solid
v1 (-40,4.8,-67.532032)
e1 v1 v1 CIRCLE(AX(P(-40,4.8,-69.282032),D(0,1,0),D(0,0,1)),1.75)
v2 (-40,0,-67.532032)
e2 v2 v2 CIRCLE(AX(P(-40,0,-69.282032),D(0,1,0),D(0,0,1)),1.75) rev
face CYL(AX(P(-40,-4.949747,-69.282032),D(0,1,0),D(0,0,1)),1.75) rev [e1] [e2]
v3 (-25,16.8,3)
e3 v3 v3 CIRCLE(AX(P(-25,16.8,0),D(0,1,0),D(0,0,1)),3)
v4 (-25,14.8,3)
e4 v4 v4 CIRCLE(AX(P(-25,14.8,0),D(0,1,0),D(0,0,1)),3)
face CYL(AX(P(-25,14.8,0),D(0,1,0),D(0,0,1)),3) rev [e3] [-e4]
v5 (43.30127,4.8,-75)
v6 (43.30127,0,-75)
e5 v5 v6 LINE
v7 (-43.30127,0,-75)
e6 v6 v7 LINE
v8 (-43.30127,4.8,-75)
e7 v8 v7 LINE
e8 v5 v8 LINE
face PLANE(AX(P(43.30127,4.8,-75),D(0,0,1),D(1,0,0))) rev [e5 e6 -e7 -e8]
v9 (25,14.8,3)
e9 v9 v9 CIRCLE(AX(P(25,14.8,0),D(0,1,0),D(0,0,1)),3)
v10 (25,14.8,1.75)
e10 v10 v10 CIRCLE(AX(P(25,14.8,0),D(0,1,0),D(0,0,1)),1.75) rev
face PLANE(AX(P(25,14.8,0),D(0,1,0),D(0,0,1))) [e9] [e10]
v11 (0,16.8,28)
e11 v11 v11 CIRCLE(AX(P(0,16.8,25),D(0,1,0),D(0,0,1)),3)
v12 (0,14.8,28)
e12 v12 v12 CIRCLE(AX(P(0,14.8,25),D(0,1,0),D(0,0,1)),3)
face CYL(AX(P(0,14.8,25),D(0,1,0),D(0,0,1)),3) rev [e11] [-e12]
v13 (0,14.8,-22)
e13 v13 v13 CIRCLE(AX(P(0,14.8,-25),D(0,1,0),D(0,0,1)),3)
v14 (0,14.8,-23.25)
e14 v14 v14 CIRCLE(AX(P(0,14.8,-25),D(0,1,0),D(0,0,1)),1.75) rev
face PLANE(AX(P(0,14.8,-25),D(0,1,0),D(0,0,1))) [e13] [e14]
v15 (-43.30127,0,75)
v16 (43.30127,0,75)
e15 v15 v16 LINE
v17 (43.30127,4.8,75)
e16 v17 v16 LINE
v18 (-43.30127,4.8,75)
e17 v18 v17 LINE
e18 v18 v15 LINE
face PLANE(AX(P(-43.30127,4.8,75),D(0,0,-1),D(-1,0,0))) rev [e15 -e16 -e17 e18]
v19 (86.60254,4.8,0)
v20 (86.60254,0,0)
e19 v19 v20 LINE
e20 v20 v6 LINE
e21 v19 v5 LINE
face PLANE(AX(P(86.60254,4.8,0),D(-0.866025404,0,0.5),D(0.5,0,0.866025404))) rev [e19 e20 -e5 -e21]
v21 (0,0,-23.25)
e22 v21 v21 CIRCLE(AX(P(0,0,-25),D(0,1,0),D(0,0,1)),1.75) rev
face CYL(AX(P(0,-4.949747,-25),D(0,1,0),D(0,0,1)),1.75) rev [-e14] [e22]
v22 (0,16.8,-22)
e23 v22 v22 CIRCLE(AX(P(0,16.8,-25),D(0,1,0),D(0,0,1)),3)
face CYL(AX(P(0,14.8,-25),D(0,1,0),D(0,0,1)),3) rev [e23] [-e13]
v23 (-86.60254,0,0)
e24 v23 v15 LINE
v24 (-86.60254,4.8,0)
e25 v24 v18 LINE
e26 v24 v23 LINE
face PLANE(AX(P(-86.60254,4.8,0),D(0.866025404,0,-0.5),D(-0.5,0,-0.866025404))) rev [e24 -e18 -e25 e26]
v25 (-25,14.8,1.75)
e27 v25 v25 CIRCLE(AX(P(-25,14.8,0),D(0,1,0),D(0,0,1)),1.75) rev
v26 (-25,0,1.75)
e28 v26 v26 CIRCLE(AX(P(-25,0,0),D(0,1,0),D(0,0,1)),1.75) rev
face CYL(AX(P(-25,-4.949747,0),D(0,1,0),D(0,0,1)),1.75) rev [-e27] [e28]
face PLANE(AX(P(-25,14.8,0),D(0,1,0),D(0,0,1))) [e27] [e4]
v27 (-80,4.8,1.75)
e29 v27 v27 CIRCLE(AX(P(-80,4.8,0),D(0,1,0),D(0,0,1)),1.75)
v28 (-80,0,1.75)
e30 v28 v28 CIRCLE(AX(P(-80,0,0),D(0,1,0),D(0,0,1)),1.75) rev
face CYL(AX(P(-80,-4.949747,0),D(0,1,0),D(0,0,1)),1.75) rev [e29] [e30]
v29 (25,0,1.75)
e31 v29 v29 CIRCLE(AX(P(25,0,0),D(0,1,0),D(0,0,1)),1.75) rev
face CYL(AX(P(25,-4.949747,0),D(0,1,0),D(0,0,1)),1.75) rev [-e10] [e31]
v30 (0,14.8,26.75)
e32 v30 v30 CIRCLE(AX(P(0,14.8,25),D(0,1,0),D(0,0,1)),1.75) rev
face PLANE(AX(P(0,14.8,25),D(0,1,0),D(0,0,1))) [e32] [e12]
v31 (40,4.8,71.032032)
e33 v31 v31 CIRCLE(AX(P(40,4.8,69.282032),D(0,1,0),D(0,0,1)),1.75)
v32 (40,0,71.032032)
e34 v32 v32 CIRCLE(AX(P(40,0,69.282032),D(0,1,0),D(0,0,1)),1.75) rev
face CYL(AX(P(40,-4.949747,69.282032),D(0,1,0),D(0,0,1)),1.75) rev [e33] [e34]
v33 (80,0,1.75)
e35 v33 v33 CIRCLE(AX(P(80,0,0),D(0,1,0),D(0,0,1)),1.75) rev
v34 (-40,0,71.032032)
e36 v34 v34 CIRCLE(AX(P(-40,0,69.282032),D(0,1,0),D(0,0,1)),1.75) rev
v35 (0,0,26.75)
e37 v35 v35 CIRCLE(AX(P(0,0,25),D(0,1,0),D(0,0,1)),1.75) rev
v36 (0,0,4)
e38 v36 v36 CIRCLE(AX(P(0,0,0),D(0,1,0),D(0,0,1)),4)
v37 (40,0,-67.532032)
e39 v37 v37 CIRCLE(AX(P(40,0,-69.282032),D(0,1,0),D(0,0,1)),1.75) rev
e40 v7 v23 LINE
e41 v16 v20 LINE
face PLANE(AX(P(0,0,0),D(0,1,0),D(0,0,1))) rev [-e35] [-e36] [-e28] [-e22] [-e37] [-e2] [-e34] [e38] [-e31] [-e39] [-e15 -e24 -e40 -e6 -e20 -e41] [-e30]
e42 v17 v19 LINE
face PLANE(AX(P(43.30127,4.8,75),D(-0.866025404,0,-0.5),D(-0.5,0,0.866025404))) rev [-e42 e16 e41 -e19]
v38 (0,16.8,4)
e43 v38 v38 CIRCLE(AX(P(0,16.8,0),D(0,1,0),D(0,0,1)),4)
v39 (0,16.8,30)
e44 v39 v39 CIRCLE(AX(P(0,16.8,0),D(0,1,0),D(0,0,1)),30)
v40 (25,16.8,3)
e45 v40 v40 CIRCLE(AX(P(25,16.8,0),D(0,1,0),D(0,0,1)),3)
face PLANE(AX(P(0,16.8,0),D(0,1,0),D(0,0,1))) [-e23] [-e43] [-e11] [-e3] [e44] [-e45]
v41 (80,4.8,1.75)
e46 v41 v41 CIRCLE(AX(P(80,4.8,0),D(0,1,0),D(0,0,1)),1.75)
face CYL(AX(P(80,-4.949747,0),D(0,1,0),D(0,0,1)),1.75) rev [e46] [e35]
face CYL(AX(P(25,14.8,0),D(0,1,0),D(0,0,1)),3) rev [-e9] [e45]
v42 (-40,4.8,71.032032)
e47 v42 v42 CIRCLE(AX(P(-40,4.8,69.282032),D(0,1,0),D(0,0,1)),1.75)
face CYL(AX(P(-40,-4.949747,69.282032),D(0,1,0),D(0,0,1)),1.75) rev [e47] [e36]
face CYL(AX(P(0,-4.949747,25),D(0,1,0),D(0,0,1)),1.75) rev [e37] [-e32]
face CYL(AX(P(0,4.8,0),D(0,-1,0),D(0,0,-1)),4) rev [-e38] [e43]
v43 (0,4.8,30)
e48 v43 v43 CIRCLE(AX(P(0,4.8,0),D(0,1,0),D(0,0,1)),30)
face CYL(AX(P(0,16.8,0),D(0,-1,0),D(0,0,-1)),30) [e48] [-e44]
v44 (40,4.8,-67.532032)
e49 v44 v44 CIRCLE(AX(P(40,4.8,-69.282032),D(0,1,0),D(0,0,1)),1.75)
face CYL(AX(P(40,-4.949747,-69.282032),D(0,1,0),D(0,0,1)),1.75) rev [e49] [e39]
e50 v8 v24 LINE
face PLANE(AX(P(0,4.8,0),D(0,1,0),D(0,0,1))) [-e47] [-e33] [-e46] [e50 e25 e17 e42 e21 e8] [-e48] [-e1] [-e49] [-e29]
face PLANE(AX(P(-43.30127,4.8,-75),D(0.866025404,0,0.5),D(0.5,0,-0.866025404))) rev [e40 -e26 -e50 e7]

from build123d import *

# Parameters (mm, degrees)
SKETCH1_R           = 4
BOSS_EXTRUDE2_DEPTH = 4.8
SKETCH2_R           = 30
SKETCH2_R_2         = 4
BOSS_EXTRUDE3_DEPTH = 12
SKETCH3_R           = 1.75
CUT_EXTRUDE1_DEPTH  = 16.8
SKETCH4_R           = 3
CUT_EXTRUDE2_DEPTH  = 2


with BuildPart() as part:
    # Sketch1 → Boss-Extrude2 (new body)
    with BuildSketch(Plane(origin=(0, 0, 0), x_dir=(1, 0, 0), z_dir=(0, 1, 0))):
        Polygon((86.602540378, 0), (43.301270189, 75), (-43.301270189, 75), (-86.602540378, 0), (-43.301270189, -75), (43.301270189, -75), align=None)
        with Locations(Location((0, 0, 0), (0, 0, 270))):
            Circle(SKETCH1_R, mode=Mode.SUBTRACT)
    extrude(amount=BOSS_EXTRUDE2_DEPTH)

    # Sketch2 → Boss-Extrude3 (add)
    with BuildSketch(Plane(origin=(0, 4.8, 0), x_dir=(1, 0, 0), z_dir=(0, 1, 0))):
        with Locations(Location((0, 0, 0), (0, 0, 270))):
            Circle(SKETCH2_R)
        with Locations(Location((0, 0, 0), (0, 0, 270))):
            Circle(SKETCH2_R_2, mode=Mode.SUBTRACT)
    extrude(amount=BOSS_EXTRUDE3_DEPTH)

    # Sketch3 → Cut-Extrude1 (cut)
    with BuildSketch(Plane(origin=(0, 16.8, 0), x_dir=(1, 0, 0), z_dir=(0, 1, 0))):
        with Locations(Location((25, 0, 0), (0, 0, 270))):
            Circle(SKETCH3_R)
        with Locations(Location((0, -25, 0), (0, 0, 270))):
            Circle(SKETCH3_R)
        with Locations(Location((-25, 0, 0), (0, 0, 270))):
            Circle(SKETCH3_R)
        with Locations(Location((0, 25, 0), (0, 0, 270))):
            Circle(SKETCH3_R)
        with Locations(Location((40, 69.282032303, 0), (0, 0, 270))):
            Circle(SKETCH3_R)
        with Locations(Location((80, 0, 0), (0, 0, 270))):
            Circle(SKETCH3_R)
        with Locations(Location((40, -69.282032303, 0), (0, 0, 270))):
            Circle(SKETCH3_R)
        with Locations(Location((-40, -69.282032303, 0), (0, 0, 270))):
            Circle(SKETCH3_R)
        with Locations(Location((-80, 0, 0), (0, 0, 270))):
            Circle(SKETCH3_R)
        with Locations(Location((-40, 69.282032303, 0), (0, 0, 270))):
            Circle(SKETCH3_R)
    extrude(amount=-CUT_EXTRUDE1_DEPTH, mode=Mode.SUBTRACT)

    # Sketch4 → Cut-Extrude2 (cut)
    with BuildSketch(Plane(origin=(0, 16.8, 0), x_dir=(1, 0, 0), z_dir=(0, 1, 0))):
        with Locations(Location((0, 25, 0), (0, 0, 270))):
            Circle(SKETCH4_R)
        with Locations(Location((25, 0, 0), (0, 0, 270))):
            Circle(SKETCH4_R)
        with Locations(Location((0, -25, 0), (0, 0, 270))):
            Circle(SKETCH4_R)
        with Locations(Location((-25, 0, 0), (0, 0, 270))):
            Circle(SKETCH4_R)
    extrude(amount=-CUT_EXTRUDE2_DEPTH, mode=Mode.SUBTRACT)


solid = part.part
